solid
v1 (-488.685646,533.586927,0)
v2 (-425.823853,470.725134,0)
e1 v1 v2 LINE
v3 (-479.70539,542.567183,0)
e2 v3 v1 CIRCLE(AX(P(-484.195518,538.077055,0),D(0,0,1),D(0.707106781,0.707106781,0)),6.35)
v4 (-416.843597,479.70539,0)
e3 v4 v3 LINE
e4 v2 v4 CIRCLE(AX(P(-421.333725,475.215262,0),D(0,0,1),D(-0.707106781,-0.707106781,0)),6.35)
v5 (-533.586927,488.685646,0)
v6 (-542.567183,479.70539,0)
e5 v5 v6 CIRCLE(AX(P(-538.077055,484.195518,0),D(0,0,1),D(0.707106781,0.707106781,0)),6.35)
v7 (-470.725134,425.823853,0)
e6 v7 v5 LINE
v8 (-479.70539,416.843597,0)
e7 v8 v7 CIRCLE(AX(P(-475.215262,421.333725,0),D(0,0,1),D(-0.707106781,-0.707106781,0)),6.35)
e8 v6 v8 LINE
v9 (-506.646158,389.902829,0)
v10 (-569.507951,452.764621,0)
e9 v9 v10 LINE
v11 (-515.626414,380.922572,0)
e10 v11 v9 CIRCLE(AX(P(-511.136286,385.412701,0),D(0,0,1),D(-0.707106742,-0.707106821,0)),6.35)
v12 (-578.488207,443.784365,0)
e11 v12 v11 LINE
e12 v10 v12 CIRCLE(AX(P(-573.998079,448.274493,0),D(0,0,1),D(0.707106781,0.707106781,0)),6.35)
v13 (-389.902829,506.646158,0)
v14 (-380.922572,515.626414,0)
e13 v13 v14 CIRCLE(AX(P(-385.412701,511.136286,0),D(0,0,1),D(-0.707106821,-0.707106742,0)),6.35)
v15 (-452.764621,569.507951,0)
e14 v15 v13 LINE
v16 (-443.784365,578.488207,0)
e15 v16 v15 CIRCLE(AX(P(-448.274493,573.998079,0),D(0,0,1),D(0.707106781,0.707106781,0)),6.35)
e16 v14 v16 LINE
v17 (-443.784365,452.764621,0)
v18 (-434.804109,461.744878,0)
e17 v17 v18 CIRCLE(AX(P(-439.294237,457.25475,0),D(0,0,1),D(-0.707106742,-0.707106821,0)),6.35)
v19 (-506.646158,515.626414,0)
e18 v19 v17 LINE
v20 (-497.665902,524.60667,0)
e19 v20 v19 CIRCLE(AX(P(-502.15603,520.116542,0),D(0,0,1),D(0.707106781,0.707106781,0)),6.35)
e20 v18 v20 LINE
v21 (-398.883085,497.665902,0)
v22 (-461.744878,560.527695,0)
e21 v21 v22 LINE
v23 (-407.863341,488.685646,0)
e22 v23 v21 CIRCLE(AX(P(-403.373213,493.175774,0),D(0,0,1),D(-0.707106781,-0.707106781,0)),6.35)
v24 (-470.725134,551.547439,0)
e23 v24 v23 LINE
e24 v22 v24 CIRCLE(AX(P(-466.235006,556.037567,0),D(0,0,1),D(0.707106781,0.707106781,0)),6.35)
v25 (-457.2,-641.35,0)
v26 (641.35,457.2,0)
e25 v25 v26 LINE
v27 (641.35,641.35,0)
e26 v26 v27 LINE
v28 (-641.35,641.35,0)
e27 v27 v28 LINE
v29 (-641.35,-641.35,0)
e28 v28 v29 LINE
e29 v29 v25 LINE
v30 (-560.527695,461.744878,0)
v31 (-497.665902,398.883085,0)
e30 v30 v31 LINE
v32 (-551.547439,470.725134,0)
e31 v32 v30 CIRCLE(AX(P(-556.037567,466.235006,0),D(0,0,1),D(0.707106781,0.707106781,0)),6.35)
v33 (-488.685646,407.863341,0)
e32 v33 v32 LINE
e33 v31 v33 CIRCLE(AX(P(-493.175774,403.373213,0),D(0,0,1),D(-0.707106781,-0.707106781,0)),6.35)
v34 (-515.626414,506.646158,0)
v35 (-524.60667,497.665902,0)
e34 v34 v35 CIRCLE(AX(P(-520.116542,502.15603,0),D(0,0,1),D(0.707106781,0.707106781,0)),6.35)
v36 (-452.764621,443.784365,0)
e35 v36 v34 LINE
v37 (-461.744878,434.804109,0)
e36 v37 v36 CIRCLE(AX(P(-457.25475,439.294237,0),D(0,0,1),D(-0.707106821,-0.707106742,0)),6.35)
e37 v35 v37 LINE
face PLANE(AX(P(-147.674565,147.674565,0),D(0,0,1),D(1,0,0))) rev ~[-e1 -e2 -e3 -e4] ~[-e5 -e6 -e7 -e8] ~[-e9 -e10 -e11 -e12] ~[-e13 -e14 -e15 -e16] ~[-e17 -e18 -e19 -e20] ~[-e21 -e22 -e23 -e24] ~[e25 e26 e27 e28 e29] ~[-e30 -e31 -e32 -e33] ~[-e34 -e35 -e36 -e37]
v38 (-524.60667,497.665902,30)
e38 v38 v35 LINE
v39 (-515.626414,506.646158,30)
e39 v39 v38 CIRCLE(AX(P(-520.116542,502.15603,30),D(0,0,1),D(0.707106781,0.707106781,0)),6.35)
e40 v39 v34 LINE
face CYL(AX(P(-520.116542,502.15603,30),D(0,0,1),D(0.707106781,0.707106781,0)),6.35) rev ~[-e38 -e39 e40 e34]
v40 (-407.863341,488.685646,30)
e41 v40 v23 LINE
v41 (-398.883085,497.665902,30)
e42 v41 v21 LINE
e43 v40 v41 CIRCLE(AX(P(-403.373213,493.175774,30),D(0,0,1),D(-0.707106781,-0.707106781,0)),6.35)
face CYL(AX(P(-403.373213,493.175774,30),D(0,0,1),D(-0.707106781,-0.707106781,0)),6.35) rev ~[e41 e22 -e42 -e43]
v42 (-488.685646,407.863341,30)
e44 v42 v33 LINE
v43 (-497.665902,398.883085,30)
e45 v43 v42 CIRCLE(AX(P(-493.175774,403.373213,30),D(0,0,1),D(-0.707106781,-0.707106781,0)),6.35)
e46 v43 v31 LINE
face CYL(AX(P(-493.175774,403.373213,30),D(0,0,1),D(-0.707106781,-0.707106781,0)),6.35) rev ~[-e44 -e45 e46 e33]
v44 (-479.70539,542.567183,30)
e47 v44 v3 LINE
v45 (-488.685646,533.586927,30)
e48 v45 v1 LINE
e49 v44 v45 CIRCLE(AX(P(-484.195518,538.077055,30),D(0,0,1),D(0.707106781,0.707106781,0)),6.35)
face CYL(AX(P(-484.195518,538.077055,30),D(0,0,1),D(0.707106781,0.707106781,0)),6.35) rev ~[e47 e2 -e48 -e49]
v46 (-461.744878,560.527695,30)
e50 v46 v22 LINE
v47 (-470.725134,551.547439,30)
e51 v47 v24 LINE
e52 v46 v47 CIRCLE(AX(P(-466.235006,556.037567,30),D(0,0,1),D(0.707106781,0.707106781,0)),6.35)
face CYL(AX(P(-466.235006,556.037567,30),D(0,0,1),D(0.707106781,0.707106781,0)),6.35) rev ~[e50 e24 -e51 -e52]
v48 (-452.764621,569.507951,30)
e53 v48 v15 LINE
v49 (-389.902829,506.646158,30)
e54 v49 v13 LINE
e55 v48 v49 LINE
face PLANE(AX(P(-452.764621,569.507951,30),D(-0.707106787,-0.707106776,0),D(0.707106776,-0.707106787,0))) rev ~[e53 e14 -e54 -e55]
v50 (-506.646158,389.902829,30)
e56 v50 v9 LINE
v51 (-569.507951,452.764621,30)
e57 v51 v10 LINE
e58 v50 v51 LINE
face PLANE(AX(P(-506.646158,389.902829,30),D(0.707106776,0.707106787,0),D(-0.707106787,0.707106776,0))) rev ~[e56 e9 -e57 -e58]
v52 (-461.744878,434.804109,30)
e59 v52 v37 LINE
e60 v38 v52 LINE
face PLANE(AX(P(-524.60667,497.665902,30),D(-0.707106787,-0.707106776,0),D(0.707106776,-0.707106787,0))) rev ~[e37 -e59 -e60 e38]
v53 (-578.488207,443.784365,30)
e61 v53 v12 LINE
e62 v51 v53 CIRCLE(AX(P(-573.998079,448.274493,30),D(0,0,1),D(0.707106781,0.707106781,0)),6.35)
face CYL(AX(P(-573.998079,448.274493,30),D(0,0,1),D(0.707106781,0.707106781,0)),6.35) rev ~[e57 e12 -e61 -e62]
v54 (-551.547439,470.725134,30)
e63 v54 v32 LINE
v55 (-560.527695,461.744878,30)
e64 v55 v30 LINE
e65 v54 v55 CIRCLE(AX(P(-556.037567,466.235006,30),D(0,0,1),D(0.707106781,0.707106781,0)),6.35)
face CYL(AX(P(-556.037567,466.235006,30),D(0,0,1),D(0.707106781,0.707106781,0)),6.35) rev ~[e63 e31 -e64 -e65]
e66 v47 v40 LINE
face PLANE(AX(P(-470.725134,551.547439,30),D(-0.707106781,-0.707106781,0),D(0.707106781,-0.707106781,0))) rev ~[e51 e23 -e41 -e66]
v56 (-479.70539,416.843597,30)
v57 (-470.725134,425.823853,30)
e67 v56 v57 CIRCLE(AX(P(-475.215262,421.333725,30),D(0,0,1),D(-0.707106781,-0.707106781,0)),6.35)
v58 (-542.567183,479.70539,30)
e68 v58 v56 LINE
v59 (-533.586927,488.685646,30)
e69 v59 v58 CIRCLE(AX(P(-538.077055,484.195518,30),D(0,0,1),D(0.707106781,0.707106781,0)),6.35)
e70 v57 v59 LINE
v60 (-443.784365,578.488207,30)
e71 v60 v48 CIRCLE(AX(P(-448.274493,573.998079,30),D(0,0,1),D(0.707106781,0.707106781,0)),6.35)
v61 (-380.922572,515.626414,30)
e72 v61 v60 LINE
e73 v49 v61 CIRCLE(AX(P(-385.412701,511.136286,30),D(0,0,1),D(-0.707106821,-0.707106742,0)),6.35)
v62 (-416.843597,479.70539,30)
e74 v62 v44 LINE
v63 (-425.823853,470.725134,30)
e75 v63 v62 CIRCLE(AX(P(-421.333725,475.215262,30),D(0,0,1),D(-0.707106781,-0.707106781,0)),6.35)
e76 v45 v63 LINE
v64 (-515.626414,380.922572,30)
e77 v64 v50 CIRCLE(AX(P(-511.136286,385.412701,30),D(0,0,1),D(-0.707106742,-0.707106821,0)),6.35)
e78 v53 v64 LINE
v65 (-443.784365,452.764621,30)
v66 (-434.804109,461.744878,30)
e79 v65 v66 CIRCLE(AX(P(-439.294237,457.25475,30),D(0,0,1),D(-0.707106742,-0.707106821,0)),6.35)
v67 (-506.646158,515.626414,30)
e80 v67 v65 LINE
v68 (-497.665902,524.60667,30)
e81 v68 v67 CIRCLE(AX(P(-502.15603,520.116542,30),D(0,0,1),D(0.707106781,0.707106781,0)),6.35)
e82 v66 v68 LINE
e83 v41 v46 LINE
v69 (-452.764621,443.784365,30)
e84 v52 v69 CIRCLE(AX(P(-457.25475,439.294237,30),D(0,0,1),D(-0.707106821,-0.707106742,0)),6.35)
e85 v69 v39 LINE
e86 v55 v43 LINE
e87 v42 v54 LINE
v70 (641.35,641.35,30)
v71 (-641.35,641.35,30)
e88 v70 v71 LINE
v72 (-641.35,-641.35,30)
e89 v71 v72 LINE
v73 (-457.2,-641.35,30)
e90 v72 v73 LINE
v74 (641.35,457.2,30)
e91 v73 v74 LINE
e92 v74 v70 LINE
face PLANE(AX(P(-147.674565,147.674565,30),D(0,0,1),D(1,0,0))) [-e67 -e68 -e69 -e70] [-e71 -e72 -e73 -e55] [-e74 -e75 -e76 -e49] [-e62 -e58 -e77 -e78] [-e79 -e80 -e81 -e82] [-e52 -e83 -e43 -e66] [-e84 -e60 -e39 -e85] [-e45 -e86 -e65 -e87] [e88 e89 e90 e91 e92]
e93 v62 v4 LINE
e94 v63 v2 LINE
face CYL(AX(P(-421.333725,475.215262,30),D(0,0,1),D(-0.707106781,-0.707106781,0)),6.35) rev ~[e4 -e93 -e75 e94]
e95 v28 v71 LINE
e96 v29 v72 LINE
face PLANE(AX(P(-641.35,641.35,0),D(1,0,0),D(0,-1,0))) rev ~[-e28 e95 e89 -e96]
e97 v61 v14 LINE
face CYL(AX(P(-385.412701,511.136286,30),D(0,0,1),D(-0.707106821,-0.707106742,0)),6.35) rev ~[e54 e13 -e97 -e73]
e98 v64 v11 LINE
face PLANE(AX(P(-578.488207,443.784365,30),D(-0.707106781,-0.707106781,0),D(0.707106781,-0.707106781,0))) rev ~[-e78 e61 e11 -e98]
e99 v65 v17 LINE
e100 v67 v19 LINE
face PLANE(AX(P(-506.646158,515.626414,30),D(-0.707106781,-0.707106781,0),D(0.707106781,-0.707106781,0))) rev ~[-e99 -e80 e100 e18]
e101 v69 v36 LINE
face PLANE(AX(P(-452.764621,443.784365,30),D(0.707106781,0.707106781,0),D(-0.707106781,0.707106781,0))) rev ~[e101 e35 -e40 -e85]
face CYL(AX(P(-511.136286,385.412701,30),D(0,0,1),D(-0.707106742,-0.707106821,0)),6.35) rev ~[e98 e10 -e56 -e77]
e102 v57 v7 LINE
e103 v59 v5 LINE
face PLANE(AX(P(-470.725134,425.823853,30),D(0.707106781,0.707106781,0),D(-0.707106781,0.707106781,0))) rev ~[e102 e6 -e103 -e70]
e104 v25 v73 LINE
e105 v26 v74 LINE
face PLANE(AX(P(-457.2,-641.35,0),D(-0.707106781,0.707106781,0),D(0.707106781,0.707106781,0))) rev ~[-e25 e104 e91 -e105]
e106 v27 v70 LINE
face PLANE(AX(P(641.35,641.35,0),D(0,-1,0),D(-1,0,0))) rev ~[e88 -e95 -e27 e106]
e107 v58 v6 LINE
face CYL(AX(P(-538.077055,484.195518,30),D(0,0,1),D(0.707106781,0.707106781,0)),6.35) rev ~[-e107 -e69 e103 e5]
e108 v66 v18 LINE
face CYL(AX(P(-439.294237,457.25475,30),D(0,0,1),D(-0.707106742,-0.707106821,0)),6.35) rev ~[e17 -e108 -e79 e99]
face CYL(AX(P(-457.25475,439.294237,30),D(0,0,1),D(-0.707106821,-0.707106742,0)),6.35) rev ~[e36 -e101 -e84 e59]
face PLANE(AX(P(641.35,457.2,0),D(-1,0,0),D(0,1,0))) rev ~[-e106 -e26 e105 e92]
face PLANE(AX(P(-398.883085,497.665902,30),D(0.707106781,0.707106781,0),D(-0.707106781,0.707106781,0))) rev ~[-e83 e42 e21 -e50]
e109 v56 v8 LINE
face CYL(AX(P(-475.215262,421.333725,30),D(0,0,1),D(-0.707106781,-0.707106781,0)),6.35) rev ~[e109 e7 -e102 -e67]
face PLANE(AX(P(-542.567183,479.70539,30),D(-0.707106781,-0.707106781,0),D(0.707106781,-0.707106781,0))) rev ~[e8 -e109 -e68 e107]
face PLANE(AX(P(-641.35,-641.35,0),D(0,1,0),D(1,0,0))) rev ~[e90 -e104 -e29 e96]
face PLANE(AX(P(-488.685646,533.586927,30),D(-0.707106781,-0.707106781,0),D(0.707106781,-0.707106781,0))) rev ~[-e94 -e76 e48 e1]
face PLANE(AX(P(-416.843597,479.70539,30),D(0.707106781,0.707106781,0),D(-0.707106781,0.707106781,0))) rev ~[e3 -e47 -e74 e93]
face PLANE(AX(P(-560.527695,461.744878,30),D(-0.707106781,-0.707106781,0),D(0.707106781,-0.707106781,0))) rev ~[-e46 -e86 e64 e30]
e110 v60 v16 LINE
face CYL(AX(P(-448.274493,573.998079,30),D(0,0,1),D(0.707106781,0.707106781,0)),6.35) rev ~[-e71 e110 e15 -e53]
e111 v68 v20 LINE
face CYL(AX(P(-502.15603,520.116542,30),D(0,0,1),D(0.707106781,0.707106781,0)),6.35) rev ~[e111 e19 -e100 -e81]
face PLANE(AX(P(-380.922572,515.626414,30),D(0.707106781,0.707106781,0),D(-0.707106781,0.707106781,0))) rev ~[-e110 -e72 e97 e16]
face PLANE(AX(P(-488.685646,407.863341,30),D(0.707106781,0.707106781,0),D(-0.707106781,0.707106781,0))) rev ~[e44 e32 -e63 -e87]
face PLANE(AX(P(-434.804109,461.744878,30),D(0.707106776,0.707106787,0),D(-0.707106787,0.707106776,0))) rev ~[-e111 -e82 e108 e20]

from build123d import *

# Parameters (mm, degrees)
F1_DEPTH = 30
F3_DEPTH = 30


with BuildPart() as f1:
    # F0 (on Top) → F1 (new body)
    with BuildSketch(Plane.XY):
        Polygon((641.35, 641.35), (-641.35, 641.35), (-641.35, -641.35), (-457.2, -641.35), (641.35, 457.2), align=None)
    extrude(amount=F1_DEPTH)

    # F2 (on face) → F3 (cut, through all)
    with BuildSketch(Plane.XY.offset(30)):
        with BuildLine():
            Line((-506.646158, 389.902829), (-569.507951, 452.764621))
            ThreePointArc((-569.507951, 452.764621), (-578.488207, 452.764621), (-578.488207, 443.784365))
            Line((-578.488207, 443.784365), (-515.626414, 380.922572))
            ThreePointArc((-515.626414, 380.922572), (-506.646158, 380.922572), (-506.646158, 389.902829))
        make_face()
        with BuildLine():
            Line((-488.685646, 407.863341), (-551.547439, 470.725134))
            ThreePointArc((-551.547439, 470.725134), (-560.527695, 470.725134), (-560.527695, 461.744878))
            Line((-560.527695, 461.744878), (-497.665902, 398.883085))
            ThreePointArc((-497.665902, 398.883085), (-488.685646, 398.883085), (-488.685646, 407.863341))
        make_face()
        with BuildLine():
            Line((-542.567183, 479.70539), (-479.70539, 416.843597))
            ThreePointArc((-479.70539, 416.843597), (-470.725134, 416.843597), (-470.725134, 425.823853))
            Line((-470.725134, 425.823853), (-533.586927, 488.685646))
            ThreePointArc((-533.586927, 488.685646), (-542.567183, 488.685646), (-542.567183, 479.70539))
        make_face()
        with BuildLine():
            Line((-452.764621, 443.784365), (-515.626414, 506.646158))
            ThreePointArc((-515.626414, 506.646158), (-524.60667, 506.646158), (-524.60667, 497.665902))
            Line((-524.60667, 497.665902), (-461.744878, 434.804109))
            ThreePointArc((-461.744878, 434.804109), (-452.764621, 434.804109), (-452.764621, 443.784365))
        make_face()
        with BuildLine():
            Line((-506.646158, 515.626414), (-443.784365, 452.764621))
            ThreePointArc((-443.784365, 452.764621), (-434.804109, 452.764621), (-434.804109, 461.744878))
            Line((-434.804109, 461.744878), (-497.665902, 524.60667))
            ThreePointArc((-497.665902, 524.60667), (-506.646158, 524.60667), (-506.646158, 515.626414))
        make_face()
        with BuildLine():
            Line((-488.685646, 533.586927), (-425.823853, 470.725134))
            ThreePointArc((-425.823853, 470.725134), (-416.843597, 470.725134), (-416.843597, 479.70539))
            Line((-416.843597, 479.70539), (-479.70539, 542.567183))
            ThreePointArc((-479.70539, 542.567183), (-488.685646, 542.567183), (-488.685646, 533.586927))
        make_face()
        with BuildLine():
            Line((-470.725134, 551.547439), (-407.863341, 488.685646))
            ThreePointArc((-407.863341, 488.685646), (-398.883085, 488.685646), (-398.883085, 497.665902))
            Line((-398.883085, 497.665902), (-461.744878, 560.527695))
            ThreePointArc((-461.744878, 560.527695), (-470.725134, 560.527695), (-470.725134, 551.547439))
        make_face()
        with BuildLine():
            Line((-380.922572, 515.626414), (-443.784365, 578.488207))
            ThreePointArc((-443.784365, 578.488207), (-452.764621, 578.488207), (-452.764621, 569.507951))
            Line((-452.764621, 569.507951), (-389.902829, 506.646158))
            ThreePointArc((-389.902829, 506.646158), (-380.922572, 506.646158), (-380.922572, 515.626414))
        make_face()
    extrude(amount=-F3_DEPTH, mode=Mode.SUBTRACT)


solid = f1.part
